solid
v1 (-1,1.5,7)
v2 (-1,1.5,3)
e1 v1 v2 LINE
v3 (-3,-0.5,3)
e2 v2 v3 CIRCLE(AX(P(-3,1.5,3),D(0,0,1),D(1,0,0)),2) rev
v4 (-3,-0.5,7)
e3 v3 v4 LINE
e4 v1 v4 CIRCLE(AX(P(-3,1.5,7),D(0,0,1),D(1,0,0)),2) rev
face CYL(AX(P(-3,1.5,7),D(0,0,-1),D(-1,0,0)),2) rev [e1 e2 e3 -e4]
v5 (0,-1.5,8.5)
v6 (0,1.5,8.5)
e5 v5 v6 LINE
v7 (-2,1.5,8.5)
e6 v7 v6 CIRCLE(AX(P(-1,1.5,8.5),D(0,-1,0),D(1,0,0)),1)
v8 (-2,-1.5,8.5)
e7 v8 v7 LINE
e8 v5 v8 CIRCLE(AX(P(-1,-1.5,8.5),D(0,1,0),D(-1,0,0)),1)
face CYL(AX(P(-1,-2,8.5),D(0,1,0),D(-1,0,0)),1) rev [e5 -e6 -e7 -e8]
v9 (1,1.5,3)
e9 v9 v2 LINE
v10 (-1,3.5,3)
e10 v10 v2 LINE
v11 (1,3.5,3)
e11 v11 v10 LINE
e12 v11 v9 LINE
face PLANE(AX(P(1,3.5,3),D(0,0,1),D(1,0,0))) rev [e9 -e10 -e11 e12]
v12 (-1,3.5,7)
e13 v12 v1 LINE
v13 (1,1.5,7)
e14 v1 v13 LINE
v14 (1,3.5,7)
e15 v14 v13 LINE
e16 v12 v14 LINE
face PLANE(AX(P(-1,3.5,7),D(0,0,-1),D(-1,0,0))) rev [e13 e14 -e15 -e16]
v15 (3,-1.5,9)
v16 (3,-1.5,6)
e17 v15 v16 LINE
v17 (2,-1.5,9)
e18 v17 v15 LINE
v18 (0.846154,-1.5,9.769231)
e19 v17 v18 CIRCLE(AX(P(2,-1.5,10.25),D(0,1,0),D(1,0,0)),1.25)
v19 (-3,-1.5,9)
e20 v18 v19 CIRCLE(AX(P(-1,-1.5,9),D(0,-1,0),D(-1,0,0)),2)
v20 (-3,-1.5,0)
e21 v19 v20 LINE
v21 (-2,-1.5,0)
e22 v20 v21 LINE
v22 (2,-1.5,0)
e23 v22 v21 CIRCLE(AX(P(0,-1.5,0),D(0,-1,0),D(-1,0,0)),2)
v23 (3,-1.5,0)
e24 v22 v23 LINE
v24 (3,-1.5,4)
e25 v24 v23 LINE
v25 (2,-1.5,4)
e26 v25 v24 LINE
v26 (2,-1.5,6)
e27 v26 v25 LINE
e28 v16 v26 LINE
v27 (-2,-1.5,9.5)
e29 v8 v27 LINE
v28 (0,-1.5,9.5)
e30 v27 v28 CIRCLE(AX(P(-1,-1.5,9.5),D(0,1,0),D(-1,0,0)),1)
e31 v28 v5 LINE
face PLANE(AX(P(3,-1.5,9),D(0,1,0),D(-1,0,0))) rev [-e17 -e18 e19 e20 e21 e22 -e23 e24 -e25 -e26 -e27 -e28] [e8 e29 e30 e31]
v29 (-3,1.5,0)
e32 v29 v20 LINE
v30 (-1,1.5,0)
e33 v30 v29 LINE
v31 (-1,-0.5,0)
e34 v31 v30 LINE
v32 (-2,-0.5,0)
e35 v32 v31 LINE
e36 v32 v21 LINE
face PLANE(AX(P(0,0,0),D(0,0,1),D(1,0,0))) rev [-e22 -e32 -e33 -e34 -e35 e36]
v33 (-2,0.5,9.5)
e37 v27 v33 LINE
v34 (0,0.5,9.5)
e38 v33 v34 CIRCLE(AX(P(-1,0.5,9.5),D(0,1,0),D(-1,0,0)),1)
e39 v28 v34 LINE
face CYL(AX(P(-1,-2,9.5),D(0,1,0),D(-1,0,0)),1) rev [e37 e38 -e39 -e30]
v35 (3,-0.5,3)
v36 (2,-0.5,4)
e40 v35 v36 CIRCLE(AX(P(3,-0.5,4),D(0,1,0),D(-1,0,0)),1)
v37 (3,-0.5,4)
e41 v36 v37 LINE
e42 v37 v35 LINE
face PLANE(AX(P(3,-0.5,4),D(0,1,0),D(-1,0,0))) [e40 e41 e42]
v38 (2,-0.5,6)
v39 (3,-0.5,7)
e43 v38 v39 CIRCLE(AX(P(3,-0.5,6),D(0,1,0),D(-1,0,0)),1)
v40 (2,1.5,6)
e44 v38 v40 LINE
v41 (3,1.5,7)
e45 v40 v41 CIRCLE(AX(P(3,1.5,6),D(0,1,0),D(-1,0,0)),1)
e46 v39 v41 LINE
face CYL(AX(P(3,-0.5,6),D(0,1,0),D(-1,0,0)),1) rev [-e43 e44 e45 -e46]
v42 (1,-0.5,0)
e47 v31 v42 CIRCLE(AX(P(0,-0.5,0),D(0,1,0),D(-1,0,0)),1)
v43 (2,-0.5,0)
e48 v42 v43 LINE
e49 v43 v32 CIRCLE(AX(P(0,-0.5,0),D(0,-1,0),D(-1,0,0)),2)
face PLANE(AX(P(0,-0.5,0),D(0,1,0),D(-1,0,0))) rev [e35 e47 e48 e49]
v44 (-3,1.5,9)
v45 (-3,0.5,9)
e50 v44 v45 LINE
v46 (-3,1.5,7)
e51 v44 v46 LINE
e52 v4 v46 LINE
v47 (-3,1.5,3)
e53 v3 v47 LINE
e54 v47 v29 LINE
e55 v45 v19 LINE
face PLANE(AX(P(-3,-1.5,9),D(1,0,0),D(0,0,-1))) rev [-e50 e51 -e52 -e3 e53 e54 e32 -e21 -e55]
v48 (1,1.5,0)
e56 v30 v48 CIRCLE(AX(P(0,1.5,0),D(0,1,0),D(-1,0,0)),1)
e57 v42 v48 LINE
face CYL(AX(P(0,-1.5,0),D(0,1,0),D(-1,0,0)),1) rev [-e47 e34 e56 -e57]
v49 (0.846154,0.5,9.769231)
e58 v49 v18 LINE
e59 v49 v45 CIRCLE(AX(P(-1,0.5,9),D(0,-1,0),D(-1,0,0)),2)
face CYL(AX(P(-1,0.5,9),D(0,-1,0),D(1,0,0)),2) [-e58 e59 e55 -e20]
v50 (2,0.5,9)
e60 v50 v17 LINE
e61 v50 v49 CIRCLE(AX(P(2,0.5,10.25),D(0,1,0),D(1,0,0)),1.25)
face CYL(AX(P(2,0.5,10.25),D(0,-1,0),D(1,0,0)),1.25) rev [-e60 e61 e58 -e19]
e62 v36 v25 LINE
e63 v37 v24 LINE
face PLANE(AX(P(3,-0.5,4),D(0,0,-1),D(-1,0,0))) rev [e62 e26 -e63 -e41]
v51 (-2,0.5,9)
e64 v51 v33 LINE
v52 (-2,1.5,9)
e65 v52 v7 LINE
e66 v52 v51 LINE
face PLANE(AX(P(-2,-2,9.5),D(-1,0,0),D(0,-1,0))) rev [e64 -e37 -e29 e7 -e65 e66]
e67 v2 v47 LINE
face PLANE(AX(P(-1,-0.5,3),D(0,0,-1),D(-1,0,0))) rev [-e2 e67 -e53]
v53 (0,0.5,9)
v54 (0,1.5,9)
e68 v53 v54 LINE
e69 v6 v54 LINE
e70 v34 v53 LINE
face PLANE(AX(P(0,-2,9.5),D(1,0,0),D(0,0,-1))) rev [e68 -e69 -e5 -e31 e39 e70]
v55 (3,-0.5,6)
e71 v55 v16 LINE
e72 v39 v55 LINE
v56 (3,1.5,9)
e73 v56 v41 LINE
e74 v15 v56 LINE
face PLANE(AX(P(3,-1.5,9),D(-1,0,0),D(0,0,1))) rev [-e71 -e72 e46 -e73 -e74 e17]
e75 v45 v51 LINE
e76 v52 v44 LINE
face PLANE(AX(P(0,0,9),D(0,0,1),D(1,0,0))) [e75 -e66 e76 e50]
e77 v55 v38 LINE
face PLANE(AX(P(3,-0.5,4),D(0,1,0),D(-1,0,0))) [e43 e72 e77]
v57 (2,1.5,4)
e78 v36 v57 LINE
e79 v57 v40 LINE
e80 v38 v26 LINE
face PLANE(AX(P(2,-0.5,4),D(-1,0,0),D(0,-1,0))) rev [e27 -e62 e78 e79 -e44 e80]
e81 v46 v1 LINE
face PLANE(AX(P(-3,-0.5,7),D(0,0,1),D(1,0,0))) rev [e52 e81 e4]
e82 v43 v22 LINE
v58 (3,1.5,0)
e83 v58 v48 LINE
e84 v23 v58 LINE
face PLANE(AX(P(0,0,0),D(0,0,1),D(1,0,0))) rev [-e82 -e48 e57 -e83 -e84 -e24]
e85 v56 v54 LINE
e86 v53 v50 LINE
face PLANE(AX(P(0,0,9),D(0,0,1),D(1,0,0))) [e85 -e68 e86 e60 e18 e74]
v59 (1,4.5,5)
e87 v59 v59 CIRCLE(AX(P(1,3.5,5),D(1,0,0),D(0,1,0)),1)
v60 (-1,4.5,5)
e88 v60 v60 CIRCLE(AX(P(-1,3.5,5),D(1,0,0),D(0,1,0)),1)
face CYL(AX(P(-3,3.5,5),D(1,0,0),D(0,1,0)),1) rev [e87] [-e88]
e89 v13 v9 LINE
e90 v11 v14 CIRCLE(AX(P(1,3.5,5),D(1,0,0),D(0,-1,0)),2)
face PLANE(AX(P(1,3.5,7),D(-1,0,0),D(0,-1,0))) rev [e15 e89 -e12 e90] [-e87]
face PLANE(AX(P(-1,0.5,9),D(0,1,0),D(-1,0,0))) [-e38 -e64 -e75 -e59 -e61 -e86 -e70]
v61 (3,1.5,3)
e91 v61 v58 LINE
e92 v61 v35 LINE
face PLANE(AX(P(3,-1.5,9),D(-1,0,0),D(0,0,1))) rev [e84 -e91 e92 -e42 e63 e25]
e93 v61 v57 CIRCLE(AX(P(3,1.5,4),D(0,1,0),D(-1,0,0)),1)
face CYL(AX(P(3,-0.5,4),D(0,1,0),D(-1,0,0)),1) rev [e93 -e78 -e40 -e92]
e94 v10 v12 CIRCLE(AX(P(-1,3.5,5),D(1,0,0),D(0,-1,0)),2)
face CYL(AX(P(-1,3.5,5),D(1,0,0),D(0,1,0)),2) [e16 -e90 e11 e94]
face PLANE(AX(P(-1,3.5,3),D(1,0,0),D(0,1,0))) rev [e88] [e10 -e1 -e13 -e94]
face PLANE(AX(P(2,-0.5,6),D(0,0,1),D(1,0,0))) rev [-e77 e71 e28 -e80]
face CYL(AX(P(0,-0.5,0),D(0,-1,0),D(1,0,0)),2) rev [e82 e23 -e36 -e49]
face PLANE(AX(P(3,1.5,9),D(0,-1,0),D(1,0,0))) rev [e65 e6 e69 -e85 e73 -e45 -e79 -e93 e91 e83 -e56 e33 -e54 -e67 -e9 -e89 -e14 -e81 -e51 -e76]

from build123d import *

# Parameters (mm, degrees)
SKETCH1_W           = 6
SKETCH1_H           = 3
BOSS_EXTRUDE1_DEPTH = 9
BOSS_EXTRUDE2_DEPTH = 2
CUT_EXTRUDE1_DEPTH  = 2.5
SKETCH4_W           = 1
SKETCH4_H           = 2
CUT_EXTRUDE2_DEPTH  = 1
CUT_EXTRUDE3_DEPTH  = 2
CUT_EXTRUDE4_DEPTH  = 1
CUT_EXTRUDE5_DEPTH  = 4
SKETCH8_W           = 2
SKETCH8_H           = 4
BOSS_EXTRUDE3_DEPTH = 2
BOSS_EXTRUDE4_DEPTH = 2
SKETCH10_R          = 1
CUT_EXTRUDE6_DEPTH  = 5
SKETCH11_W          = 2
SKETCH11_H          = 4
CUT_EXTRUDE7_DEPTH  = 2
BOSS_EXTRUDE5_DEPTH = 4


with BuildPart() as part:
    # Sketch1 → Boss-Extrude1 (new body)
    with BuildSketch(Plane.XY):
        Rectangle(SKETCH1_W, SKETCH1_H)
    extrude(amount=BOSS_EXTRUDE1_DEPTH)

    # Sketch2 → Boss-Extrude2 (add)
    with BuildSketch(Plane.XZ.offset(1.5)):
        with BuildLine():
            Line((2, 9), (-3, 9))
            ThreePointArc((-3, 9), (-1.39223227, 10.961161351), (0.846153846, 9.769230769))
            ThreePointArc((0.846153846, 9.769230769), (1.306624755, 9.209937132), (2, 9))
        make_face()
    extrude(amount=-BOSS_EXTRUDE2_DEPTH)

    # Sketch3 → Cut-Extrude1 (cut, symmetric)
    with BuildSketch(Plane(origin=(0, 0.5, 0), x_dir=(1, 0, 0), z_dir=(0, 1, 0))):
        with BuildLine():
            Line((-2, -9.5), (-2, -8.5))
            ThreePointArc((-2, -8.5), (-1, -7.5), (0, -8.5))
            Line((0, -8.5), (0, -9.5))
            ThreePointArc((0, -9.5), (-1, -10.5), (-2, -9.5))
        make_face()
    extrude(amount=CUT_EXTRUDE1_DEPTH, both=True, mode=Mode.SUBTRACT)

    # Sketch4 → Cut-Extrude2 (cut)
    with BuildSketch(Plane.XZ.offset(1.5)):
        with Locations((2.5, 5)):
            Rectangle(SKETCH4_W, SKETCH4_H)
    extrude(amount=-CUT_EXTRUDE2_DEPTH, mode=Mode.SUBTRACT)

    # Sketch5 → Cut-Extrude3 (cut)
    with BuildSketch(Plane(origin=(0, 1.5, 0), x_dir=(1, 0, 0), z_dir=(0, 1, 0))):
        with BuildLine():
            Line((4, -4), (4, -6))
            ThreePointArc((4, -6), (3, -7), (2, -6))
            Line((2, -6), (2, -4))
            ThreePointArc((2, -4), (3, -3), (4, -4))
        make_face()
    extrude(amount=-CUT_EXTRUDE3_DEPTH, mode=Mode.SUBTRACT)

    # Sketch6 → Cut-Extrude4 (cut)
    with BuildSketch(Plane.XZ.offset(1.5)):
        with BuildLine():
            Line((2, 0), (-2, 0))
            ThreePointArc((-2, 0), (0, 2), (2, 0))
        make_face()
    extrude(amount=-CUT_EXTRUDE4_DEPTH, mode=Mode.SUBTRACT)

    # Sketch7 → Cut-Extrude5 (cut, through all)
    with BuildSketch(Plane(origin=(0, 1.5, 0), x_dir=(1, 0, 0), z_dir=(0, 1, 0))):
        with BuildLine():
            Line((-1, 0), (1, 0))
            ThreePointArc((1, 0), (0, -1), (-1, 0))
        make_face()
    extrude(amount=-CUT_EXTRUDE5_DEPTH, mode=Mode.SUBTRACT)

    # Sketch8 → Boss-Extrude3 (add)
    with BuildSketch(Plane(origin=(0, 1.5, 0), x_dir=(1, 0, 0), z_dir=(0, 1, 0))):
        with Locations((0, -5)):
            Rectangle(SKETCH8_W, SKETCH8_H)
    extrude(amount=BOSS_EXTRUDE3_DEPTH)

    # Sketch9 → Boss-Extrude4 (add)
    with BuildSketch(Plane(origin=(1, 0, 0), x_dir=(0, 0, -1), z_dir=(1, 0, 0))):
        with BuildLine():
            Line((-3, 3.5), (-7, 3.5))
            ThreePointArc((-7, 3.5), (-5, 5.5), (-3, 3.5))
        make_face()
    extrude(amount=-BOSS_EXTRUDE4_DEPTH)

    # Sketch10 → Cut-Extrude6 (cut, through all)
    with BuildSketch(Plane(origin=(1, 0, 0), x_dir=(0, 0, -1), z_dir=(1, 0, 0))):
        with Locations((-5, 3.5)):
            Circle(SKETCH10_R)
    extrude(amount=-CUT_EXTRUDE6_DEPTH, mode=Mode.SUBTRACT)

    # Sketch11 → Cut-Extrude7 (cut)
    with BuildSketch(Plane(origin=(0, 1.5, 0), x_dir=(1, 0, 0), z_dir=(0, 1, 0))):
        with Locations((-2, -5)):
            Rectangle(SKETCH11_W, SKETCH11_H)
    extrude(amount=-CUT_EXTRUDE7_DEPTH, mode=Mode.SUBTRACT)

    # Sketch12 → Boss-Extrude5 (add)
    with BuildSketch(Plane.XY.offset(3)):
        with BuildLine():
            ThreePointArc((-1, 1.5), (-1.585786438, 0.085786438), (-3, -0.5))
            Line((-3, -0.5), (-1, -0.5))
            Line((-1, -0.5), (-1, 1.5))
        make_face()
    extrude(amount=BOSS_EXTRUDE5_DEPTH)


solid = part.part
